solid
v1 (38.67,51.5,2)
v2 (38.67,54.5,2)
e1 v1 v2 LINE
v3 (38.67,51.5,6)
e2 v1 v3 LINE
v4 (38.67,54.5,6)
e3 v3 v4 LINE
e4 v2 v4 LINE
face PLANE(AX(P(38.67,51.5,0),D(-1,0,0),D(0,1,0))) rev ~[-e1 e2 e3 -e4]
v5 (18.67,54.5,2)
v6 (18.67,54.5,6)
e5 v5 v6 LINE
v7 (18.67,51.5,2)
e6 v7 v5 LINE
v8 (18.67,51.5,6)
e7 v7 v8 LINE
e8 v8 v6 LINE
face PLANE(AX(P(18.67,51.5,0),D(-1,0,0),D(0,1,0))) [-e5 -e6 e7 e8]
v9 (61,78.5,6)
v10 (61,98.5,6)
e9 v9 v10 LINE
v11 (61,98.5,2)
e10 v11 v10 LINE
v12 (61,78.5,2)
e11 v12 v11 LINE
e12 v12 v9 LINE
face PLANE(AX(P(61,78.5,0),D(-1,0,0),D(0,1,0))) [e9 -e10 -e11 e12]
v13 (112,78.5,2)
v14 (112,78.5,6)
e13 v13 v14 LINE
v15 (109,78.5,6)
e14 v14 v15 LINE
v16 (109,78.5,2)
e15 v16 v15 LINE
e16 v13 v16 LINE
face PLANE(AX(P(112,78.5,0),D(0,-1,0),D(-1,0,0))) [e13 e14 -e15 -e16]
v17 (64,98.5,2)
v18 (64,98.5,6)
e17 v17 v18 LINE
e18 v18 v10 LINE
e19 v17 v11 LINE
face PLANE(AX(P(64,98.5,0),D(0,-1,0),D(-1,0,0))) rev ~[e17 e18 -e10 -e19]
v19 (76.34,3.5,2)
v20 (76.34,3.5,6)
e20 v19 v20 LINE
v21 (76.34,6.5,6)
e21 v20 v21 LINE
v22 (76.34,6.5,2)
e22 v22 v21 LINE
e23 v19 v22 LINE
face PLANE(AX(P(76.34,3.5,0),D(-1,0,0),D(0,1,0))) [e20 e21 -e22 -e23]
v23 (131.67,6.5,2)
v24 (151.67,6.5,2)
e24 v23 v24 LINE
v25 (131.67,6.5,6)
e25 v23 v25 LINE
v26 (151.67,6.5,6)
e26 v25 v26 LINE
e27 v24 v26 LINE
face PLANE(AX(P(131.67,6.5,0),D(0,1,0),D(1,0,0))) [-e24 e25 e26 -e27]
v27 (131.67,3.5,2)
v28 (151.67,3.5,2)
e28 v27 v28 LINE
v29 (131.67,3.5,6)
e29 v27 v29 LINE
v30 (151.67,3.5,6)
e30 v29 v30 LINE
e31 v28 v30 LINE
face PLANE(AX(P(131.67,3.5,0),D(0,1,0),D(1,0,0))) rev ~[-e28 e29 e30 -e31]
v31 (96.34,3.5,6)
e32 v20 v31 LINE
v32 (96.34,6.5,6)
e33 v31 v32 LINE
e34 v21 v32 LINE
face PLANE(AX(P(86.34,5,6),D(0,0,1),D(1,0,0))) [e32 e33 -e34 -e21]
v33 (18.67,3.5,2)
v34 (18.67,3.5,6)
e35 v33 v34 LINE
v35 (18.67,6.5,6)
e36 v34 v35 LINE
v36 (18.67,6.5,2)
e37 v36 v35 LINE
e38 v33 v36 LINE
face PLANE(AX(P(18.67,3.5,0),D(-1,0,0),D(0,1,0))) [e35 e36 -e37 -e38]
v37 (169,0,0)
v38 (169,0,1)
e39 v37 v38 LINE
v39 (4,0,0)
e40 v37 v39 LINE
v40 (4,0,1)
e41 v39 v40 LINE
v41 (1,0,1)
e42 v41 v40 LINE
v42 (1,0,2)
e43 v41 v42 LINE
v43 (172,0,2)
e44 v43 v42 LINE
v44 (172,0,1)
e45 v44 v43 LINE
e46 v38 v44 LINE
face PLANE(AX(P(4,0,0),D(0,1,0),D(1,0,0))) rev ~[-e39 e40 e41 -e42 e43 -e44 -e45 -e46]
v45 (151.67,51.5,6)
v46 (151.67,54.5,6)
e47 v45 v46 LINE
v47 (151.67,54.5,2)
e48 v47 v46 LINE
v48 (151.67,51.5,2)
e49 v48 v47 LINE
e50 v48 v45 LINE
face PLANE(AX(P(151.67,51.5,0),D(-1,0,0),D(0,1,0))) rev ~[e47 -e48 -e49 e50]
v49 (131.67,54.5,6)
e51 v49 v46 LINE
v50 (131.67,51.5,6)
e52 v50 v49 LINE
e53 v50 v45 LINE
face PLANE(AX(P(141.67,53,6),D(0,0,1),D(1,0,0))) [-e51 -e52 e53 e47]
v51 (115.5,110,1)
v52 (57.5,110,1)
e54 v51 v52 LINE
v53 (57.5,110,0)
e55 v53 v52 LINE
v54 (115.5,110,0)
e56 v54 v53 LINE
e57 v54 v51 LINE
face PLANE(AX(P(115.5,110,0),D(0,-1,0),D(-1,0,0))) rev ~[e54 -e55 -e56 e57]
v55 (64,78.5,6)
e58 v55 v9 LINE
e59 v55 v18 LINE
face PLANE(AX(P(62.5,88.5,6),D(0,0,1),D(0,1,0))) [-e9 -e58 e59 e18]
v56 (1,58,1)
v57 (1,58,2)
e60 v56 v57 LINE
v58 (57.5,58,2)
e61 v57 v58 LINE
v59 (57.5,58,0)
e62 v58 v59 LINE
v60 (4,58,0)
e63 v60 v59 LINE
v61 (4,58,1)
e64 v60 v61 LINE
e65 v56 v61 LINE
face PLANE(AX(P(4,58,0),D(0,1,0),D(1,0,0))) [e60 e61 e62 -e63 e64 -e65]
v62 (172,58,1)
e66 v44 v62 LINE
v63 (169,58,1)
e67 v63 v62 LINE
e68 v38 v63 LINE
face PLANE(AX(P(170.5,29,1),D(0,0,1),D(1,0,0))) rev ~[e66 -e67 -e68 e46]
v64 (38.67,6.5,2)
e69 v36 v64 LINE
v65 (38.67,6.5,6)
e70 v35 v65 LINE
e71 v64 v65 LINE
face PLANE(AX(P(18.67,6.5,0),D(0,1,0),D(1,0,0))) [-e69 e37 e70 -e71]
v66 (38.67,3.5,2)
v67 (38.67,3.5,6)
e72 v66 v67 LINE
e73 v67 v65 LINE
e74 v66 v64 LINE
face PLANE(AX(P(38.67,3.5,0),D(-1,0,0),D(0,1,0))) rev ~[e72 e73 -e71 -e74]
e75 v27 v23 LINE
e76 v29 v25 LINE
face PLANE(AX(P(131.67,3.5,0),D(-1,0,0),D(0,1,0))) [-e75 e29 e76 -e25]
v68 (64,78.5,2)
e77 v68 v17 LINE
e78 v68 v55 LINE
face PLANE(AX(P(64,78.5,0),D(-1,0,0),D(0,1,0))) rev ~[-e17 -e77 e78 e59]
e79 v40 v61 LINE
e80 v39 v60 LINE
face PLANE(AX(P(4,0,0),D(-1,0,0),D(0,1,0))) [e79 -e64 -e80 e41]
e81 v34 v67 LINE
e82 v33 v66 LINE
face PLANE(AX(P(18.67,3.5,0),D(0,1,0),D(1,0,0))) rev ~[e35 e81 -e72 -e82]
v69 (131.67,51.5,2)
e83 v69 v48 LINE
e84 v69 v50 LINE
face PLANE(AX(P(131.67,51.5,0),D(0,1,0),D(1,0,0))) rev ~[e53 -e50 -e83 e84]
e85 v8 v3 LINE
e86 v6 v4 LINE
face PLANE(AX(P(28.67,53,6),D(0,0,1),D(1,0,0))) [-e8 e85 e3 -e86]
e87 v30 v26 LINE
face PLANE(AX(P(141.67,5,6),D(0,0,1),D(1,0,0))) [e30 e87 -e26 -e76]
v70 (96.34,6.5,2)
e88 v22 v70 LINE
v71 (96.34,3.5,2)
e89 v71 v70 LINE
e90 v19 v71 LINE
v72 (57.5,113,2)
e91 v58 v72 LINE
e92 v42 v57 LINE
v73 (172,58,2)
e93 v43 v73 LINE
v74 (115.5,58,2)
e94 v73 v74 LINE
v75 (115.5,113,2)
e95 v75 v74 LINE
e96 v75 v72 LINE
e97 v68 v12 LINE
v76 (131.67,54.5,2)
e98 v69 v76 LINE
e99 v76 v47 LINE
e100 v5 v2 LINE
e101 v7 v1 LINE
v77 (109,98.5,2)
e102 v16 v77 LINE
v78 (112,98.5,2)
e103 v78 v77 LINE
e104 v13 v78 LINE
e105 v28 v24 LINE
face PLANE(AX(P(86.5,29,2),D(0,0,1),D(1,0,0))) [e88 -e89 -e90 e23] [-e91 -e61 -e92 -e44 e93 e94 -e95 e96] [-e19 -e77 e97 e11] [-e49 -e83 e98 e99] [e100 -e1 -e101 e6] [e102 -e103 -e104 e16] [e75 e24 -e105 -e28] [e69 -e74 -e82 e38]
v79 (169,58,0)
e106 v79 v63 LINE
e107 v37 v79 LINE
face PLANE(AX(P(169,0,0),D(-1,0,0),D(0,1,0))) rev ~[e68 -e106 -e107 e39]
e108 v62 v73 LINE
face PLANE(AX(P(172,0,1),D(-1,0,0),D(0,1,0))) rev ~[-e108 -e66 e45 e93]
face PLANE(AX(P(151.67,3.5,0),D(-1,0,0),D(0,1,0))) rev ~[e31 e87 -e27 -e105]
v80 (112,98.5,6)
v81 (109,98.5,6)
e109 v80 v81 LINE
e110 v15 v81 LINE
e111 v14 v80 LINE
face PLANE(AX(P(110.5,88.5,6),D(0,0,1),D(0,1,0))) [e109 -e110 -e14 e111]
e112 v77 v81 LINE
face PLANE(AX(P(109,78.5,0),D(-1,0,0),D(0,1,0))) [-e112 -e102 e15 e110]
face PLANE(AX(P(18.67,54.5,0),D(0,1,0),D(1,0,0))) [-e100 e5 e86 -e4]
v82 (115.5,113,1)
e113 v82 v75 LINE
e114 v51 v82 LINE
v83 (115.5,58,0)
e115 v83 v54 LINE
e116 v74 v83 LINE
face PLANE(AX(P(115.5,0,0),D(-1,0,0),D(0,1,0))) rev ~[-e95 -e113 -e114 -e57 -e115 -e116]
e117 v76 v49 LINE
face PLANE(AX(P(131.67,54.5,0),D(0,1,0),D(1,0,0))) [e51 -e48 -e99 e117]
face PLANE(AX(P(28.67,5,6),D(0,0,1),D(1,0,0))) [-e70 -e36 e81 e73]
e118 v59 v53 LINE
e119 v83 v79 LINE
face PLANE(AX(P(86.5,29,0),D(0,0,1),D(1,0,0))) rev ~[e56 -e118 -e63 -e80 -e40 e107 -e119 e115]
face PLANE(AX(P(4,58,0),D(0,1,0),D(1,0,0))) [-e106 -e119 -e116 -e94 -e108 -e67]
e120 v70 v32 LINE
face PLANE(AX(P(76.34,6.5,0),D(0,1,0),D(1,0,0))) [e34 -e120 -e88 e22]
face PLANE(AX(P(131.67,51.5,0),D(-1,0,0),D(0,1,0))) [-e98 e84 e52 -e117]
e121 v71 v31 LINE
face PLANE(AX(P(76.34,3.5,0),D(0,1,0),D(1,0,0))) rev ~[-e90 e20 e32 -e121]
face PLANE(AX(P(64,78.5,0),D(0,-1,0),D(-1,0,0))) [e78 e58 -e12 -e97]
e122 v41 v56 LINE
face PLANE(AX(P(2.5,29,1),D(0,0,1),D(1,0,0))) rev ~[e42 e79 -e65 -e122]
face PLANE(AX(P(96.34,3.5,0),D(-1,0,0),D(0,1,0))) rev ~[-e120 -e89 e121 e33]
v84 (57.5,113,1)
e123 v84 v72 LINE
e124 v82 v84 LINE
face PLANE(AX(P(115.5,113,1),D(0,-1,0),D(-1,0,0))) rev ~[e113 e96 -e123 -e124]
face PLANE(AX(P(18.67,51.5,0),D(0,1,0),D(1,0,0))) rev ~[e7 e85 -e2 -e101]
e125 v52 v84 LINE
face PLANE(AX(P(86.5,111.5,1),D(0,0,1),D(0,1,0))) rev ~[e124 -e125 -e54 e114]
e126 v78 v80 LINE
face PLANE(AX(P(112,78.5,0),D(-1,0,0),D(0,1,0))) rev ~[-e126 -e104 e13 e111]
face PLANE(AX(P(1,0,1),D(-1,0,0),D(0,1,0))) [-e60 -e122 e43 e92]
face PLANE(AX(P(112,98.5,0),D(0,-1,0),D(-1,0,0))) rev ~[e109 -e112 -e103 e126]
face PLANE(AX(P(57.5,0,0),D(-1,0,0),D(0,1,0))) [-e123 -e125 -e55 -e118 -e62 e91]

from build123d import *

# Parameters (mm, degrees)
BOX010_W     = 3
BOX010_H     = 58
BOX010_DEPTH = 1
BOX009_W     = 3
BOX009_H     = 58
BOX009_DEPTH = 1
BOX008_W     = 20
BOX008_H     = 3
BOX008_DEPTH = 6
BOX007_W     = 20
BOX007_H     = 3
BOX007_DEPTH = 6
BOX006_W     = 20
BOX006_H     = 3
BOX006_DEPTH = 6
BOX005_W     = 20
BOX005_H     = 3
BOX005_DEPTH = 6
BOX004_W     = 20
BOX004_H     = 3
BOX004_DEPTH = 6
BOX003_W     = 20
BOX003_H     = 3
BOX003_DEPTH = 6
BOX002_W     = 20
BOX002_H     = 3
BOX002_DEPTH = 6
BOX001_W     = 110
BOX001_H     = 58
BOX001_DEPTH = 2
BOX_W        = 165
BOX_H        = 58
BOX_DEPTH    = 2
BOX011_W     = 3
BOX011_H     = 58
BOX011_DEPTH = 1


with BuildPart() as cube010:
    # Box010 → Box010 (new body)
    with BuildSketch(Plane(origin=(169, 0, 1), x_dir=(1, 0, 0), z_dir=(0, 0, 1))):
        with Locations((1.5, 29)):
            Rectangle(BOX010_W, BOX010_H)
    extrude(amount=BOX010_DEPTH)


with BuildPart() as cube009:
    # Box009 → Box009 (new body)
    with BuildSketch(Plane(origin=(1, 0, 1), x_dir=(1, 0, 0), z_dir=(0, 0, 1))):
        with Locations((1.5, 29)):
            Rectangle(BOX009_W, BOX009_H)
    extrude(amount=BOX009_DEPTH)


with BuildPart() as cube008:
    # Box008 → Box008 (new body)
    with BuildSketch(Plane(origin=(112, 78.5, 0), x_dir=(0, 1, 0), z_dir=(0, 0, 1))):
        with Locations((10, 1.5)):
            Rectangle(BOX008_W, BOX008_H)
    extrude(amount=BOX008_DEPTH)


with BuildPart() as cube007:
    # Box007 → Box007 (new body)
    with BuildSketch(Plane(origin=(64, 78.5, 0), x_dir=(0, 1, 0), z_dir=(0, 0, 1))):
        with Locations((10, 1.5)):
            Rectangle(BOX007_W, BOX007_H)
    extrude(amount=BOX007_DEPTH)


with BuildPart() as cube006:
    # Box006 → Box006 (new body)
    with BuildSketch(Plane(origin=(131.67, 51.5, 0), x_dir=(1, 0, 0), z_dir=(0, 0, 1))):
        with Locations((10, 1.5)):
            Rectangle(BOX006_W, BOX006_H)
    extrude(amount=BOX006_DEPTH)


with BuildPart() as cube005:
    # Box005 → Box005 (new body)
    with BuildSketch(Plane(origin=(18.67, 51.5, 0), x_dir=(1, 0, 0), z_dir=(0, 0, 1))):
        with Locations((10, 1.5)):
            Rectangle(BOX005_W, BOX005_H)
    extrude(amount=BOX005_DEPTH)


with BuildPart() as cube004:
    # Box004 → Box004 (new body)
    with BuildSketch(Plane(origin=(131.67, 3.5, 0), x_dir=(1, 0, 0), z_dir=(0, 0, 1))):
        with Locations((10, 1.5)):
            Rectangle(BOX004_W, BOX004_H)
    extrude(amount=BOX004_DEPTH)


with BuildPart() as cube003:
    # Box003 → Box003 (new body)
    with BuildSketch(Plane(origin=(76.34, 3.5, 0), x_dir=(1, 0, 0), z_dir=(0, 0, 1))):
        with Locations((10, 1.5)):
            Rectangle(BOX003_W, BOX003_H)
    extrude(amount=BOX003_DEPTH)


with BuildPart() as cube002:
    # Box002 → Box002 (new body)
    with BuildSketch(Plane(origin=(18.67, 3.5, 0), x_dir=(1, 0, 0), z_dir=(0, 0, 1))):
        with Locations((10, 1.5)):
            Rectangle(BOX002_W, BOX002_H)
    extrude(amount=BOX002_DEPTH)


with BuildPart() as cube001:
    # Box001 → Box001 (new body)
    with BuildSketch(Plane(origin=(115.5, 0, 0), x_dir=(0, 1, 0), z_dir=(0, 0, 1))):
        with Locations((55, 29)):
            Rectangle(BOX001_W, BOX001_H)
    extrude(amount=BOX001_DEPTH)


with BuildPart() as cube:
    # Box → Box (new body)
    with BuildSketch(Plane(origin=(4, 0, 0), x_dir=(1, 0, 0), z_dir=(0, 0, 1))):
        with Locations((82.5, 29)):
            Rectangle(BOX_W, BOX_H)
    extrude(amount=BOX_DEPTH)


with BuildPart() as fusion:
    # Box011 → Box011 (new body)
    with BuildSketch(Plane(origin=(115.5, 110, 1), x_dir=(0, 1, 0), z_dir=(0, 0, 1))):
        with Locations((1.5, 29)):
            Rectangle(BOX011_W, BOX011_H)
    extrude(amount=BOX011_DEPTH)

    # Fusion: union Cube010, Cube009, Cube008, Cube007, Cube006, Cube005, Cube004, Cube003, Cube002, Cube001, Cube
    add(cube010.part)
    add(cube009.part)
    add(cube008.part)
    add(cube007.part)
    add(cube006.part)
    add(cube005.part)
    add(cube004.part)
    add(cube003.part)
    add(cube002.part)
    add(cube001.part)
    add(cube.part)


solid = fusion.part
